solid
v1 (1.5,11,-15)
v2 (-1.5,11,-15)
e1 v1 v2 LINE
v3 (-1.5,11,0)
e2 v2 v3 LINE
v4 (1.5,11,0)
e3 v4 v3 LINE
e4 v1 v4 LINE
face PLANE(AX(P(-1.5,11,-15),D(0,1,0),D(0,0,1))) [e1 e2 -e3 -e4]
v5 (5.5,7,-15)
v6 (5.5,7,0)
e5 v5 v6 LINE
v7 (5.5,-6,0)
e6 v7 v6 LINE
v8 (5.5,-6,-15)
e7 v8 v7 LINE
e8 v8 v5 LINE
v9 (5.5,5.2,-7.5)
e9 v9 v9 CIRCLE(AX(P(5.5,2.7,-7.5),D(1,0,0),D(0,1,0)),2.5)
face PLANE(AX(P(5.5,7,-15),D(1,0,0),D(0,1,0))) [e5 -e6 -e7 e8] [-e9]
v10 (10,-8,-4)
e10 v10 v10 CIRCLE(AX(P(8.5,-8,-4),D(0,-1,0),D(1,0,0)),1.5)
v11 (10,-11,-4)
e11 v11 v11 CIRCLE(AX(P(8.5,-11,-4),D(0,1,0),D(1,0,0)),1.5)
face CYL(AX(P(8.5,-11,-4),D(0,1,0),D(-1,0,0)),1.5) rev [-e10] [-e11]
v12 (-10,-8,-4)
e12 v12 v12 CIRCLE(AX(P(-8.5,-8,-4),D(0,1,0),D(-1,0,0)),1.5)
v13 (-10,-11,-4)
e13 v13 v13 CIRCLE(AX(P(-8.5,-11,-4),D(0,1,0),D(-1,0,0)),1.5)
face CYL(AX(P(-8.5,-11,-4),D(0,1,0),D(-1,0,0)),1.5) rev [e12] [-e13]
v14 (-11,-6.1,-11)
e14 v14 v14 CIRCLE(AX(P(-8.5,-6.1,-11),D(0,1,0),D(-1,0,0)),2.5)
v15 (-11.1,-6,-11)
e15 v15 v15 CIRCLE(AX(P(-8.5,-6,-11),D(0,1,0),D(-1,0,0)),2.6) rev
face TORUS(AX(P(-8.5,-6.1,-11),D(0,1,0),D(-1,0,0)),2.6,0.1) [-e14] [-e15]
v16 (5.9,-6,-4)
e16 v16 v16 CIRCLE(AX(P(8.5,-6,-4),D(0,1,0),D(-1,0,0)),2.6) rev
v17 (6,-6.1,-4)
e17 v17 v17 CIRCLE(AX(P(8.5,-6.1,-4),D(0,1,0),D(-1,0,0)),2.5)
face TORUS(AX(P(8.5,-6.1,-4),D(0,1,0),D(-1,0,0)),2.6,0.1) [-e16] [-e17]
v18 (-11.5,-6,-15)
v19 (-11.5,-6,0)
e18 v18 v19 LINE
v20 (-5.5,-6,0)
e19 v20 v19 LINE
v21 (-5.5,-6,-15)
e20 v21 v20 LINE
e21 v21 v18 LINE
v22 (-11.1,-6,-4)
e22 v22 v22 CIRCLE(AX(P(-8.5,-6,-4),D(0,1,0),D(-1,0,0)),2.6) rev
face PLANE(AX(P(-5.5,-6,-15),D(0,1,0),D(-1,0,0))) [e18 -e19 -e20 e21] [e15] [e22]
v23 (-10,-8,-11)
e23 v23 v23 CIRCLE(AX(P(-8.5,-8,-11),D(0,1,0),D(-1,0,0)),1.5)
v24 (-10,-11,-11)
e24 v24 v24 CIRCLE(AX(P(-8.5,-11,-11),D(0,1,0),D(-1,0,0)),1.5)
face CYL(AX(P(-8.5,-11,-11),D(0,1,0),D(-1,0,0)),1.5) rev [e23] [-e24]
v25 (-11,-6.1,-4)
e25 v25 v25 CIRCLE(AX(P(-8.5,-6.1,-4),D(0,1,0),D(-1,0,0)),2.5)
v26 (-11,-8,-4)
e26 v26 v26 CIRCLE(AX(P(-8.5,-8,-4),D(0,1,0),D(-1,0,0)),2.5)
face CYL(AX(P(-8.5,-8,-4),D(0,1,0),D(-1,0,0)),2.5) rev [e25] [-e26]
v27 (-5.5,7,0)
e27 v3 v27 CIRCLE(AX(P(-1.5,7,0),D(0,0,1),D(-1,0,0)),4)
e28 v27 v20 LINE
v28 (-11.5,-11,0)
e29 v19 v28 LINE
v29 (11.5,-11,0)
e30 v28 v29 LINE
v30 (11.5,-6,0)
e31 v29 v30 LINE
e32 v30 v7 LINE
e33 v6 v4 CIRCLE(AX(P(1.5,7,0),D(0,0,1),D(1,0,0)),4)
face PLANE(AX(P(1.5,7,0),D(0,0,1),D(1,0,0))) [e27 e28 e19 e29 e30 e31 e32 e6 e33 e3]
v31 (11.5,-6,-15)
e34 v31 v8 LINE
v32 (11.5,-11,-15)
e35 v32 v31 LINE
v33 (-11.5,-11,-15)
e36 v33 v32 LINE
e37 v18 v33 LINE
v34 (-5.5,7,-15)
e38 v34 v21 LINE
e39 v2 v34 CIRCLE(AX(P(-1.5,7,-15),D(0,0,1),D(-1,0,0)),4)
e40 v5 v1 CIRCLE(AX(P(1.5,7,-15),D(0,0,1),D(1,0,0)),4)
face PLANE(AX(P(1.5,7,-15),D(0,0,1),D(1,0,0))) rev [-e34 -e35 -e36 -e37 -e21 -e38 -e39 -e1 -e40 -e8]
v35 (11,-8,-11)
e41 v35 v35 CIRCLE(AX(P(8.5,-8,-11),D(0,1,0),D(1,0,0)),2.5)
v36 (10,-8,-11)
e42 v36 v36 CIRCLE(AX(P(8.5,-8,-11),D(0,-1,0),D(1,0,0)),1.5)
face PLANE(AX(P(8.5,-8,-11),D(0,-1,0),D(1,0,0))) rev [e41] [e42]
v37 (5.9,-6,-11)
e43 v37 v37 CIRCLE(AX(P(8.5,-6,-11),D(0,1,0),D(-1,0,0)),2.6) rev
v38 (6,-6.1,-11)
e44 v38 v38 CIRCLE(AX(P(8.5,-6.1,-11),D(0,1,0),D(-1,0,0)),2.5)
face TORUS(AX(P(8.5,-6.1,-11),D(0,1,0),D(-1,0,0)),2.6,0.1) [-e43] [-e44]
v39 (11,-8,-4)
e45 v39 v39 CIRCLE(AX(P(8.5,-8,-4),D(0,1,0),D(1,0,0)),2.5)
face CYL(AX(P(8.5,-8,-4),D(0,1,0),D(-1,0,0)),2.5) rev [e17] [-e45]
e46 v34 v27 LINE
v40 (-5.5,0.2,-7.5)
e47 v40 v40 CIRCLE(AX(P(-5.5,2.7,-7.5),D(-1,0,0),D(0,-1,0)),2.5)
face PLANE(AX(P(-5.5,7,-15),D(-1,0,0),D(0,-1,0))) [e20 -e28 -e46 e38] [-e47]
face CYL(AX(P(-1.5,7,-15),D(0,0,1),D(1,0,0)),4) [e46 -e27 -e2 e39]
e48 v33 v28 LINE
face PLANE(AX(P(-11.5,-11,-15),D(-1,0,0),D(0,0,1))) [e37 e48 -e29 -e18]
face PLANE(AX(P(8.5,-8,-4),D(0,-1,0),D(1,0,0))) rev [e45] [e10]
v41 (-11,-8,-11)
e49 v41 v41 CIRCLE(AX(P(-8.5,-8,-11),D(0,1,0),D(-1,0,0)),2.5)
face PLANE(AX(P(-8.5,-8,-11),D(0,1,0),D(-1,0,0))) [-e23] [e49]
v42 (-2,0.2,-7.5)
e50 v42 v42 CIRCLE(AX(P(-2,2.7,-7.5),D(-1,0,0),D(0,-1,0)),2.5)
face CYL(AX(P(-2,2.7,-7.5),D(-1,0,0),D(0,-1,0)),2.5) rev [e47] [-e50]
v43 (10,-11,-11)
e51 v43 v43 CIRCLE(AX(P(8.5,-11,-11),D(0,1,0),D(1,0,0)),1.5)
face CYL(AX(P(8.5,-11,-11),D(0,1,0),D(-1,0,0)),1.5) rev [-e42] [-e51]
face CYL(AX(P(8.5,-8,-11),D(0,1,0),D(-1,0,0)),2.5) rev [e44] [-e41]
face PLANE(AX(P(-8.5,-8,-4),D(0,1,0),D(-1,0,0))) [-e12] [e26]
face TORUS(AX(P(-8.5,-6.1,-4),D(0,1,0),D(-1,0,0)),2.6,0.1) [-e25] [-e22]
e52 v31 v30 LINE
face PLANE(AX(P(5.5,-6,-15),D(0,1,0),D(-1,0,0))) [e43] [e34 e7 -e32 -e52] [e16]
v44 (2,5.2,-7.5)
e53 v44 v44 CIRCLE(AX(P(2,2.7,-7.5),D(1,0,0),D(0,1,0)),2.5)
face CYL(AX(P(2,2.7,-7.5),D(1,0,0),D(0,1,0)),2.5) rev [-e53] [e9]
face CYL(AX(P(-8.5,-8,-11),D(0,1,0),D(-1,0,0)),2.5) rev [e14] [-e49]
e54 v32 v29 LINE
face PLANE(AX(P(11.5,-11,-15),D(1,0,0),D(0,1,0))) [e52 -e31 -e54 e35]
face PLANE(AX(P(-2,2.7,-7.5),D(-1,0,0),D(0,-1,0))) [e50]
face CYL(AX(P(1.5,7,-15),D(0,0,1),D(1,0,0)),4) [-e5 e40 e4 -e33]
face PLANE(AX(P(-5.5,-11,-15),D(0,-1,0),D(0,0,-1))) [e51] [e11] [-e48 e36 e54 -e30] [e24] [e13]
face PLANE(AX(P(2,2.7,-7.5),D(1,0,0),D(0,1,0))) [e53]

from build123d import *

# Parameters (mm, degrees)
SALIENTE_EXTRUIR1_DEPTH = 15
CROQUIS2_R              = 2.5
CORTAR_EXTRUIR1_DEPTH   = 3.5
CORTAR_EXTRUIR2_START   = -3.5
CROQUIS3_R              = 2.5
CORTAR_EXTRUIR2_DEPTH   = 3.5
CROQUIS4_R              = 2.5
CORTAR_EXTRUIR3_DEPTH   = 2
REDONDEO1_R             = 0.1
CROQUIS5_R              = 1.5
CORTAR_EXTRUIR4_DEPTH   = 26.421447638


with BuildPart() as part:
    # Croquis1 → Saliente-Extruir1 (new body)
    with BuildSketch(Plane.XY):
        with BuildLine():
            Line((-1.5, 11), (1.5, 11))
            ThreePointArc((1.5, 11), (4.328427125, 9.828427125), (5.5, 7))
            Line((5.5, 7), (5.5, -6))
            Line((5.5, -6), (11.5, -6))
            Line((11.5, -6), (11.5, -11))
            Line((11.5, -11), (5.5, -11))
            Line((5.5, -11), (-5.5, -11))
            Line((-5.5, -11), (-11.5, -11))
            Line((-11.5, -11), (-11.5, -6))
            Line((-11.5, -6), (-5.5, -6))
            Line((-5.5, -6), (-5.5, 7))
            ThreePointArc((-5.5, 7), (-4.328427125, 9.828427125), (-1.5, 11))
        make_face()
    extrude(amount=-SALIENTE_EXTRUIR1_DEPTH)

    # Croquis2 → Cortar-Extruir1 (cut)
    with BuildSketch(Plane(origin=(5.5, 0, 0), x_dir=(0, 0, -1), z_dir=(1, 0, 0))):
        with Locations(Location((7.5, 2.7, 0), (0, 0, 90))):
            Circle(CROQUIS2_R)
    extrude(amount=-CORTAR_EXTRUIR1_DEPTH, mode=Mode.SUBTRACT)

    # Croquis3 → Cortar-Extruir2 (cut)
    with BuildSketch(Plane.ZY.offset(5.5).offset(CORTAR_EXTRUIR2_START)):
        with Locations(Location((-7.5, 2.7, 0), (0, 0, 90))):
            Circle(CROQUIS3_R)
    extrude(amount=CORTAR_EXTRUIR2_DEPTH, mode=Mode.SUBTRACT)

    # Croquis4 → Cortar-Extruir3 (cut)
    with BuildSketch(Plane(origin=(0, -6, 0), x_dir=(1, 0, 0), z_dir=(0, 1, 0))):
        with Locations(Location((-8.5, 11, 0), (0, 0, 180))):
            Circle(CROQUIS4_R)
        with Locations(Location((-8.5, 4, 0), (0, 0, 180))):
            Circle(CROQUIS4_R)
        with Locations((8.5, 4)):
            Circle(CROQUIS4_R)
        with Locations((8.5, 11)):
            Circle(CROQUIS4_R)
    extrude(amount=-CORTAR_EXTRUIR3_DEPTH, mode=Mode.SUBTRACT)

    # Redondeo1
    redondeo1_edges = [part.edges().sort_by_distance(p)[0] for p in [
        (6, -6, -11),
        (6, -6, -4),
        (-6, -6, -4),
        (-6, -6, -11),
    ]]
    fillet(redondeo1_edges, radius=REDONDEO1_R)

    # Croquis5 → Cortar-Extruir4 (cut, through all)
    with BuildSketch(Plane(origin=(0, -6, 0), x_dir=(1, 0, 0), z_dir=(0, 1, 0))):
        with Locations(Location((-8.5, 11, 0), (0, 0, 180))):
            Circle(CROQUIS5_R)
        with Locations(Location((-8.5, 4, 0), (0, 0, 180))):
            Circle(CROQUIS5_R)
        with Locations((8.5, 4)):
            Circle(CROQUIS5_R)
        with Locations((8.5, 11)):
            Circle(CROQUIS5_R)
    extrude(amount=-CORTAR_EXTRUIR4_DEPTH, mode=Mode.SUBTRACT)


solid = part.part
